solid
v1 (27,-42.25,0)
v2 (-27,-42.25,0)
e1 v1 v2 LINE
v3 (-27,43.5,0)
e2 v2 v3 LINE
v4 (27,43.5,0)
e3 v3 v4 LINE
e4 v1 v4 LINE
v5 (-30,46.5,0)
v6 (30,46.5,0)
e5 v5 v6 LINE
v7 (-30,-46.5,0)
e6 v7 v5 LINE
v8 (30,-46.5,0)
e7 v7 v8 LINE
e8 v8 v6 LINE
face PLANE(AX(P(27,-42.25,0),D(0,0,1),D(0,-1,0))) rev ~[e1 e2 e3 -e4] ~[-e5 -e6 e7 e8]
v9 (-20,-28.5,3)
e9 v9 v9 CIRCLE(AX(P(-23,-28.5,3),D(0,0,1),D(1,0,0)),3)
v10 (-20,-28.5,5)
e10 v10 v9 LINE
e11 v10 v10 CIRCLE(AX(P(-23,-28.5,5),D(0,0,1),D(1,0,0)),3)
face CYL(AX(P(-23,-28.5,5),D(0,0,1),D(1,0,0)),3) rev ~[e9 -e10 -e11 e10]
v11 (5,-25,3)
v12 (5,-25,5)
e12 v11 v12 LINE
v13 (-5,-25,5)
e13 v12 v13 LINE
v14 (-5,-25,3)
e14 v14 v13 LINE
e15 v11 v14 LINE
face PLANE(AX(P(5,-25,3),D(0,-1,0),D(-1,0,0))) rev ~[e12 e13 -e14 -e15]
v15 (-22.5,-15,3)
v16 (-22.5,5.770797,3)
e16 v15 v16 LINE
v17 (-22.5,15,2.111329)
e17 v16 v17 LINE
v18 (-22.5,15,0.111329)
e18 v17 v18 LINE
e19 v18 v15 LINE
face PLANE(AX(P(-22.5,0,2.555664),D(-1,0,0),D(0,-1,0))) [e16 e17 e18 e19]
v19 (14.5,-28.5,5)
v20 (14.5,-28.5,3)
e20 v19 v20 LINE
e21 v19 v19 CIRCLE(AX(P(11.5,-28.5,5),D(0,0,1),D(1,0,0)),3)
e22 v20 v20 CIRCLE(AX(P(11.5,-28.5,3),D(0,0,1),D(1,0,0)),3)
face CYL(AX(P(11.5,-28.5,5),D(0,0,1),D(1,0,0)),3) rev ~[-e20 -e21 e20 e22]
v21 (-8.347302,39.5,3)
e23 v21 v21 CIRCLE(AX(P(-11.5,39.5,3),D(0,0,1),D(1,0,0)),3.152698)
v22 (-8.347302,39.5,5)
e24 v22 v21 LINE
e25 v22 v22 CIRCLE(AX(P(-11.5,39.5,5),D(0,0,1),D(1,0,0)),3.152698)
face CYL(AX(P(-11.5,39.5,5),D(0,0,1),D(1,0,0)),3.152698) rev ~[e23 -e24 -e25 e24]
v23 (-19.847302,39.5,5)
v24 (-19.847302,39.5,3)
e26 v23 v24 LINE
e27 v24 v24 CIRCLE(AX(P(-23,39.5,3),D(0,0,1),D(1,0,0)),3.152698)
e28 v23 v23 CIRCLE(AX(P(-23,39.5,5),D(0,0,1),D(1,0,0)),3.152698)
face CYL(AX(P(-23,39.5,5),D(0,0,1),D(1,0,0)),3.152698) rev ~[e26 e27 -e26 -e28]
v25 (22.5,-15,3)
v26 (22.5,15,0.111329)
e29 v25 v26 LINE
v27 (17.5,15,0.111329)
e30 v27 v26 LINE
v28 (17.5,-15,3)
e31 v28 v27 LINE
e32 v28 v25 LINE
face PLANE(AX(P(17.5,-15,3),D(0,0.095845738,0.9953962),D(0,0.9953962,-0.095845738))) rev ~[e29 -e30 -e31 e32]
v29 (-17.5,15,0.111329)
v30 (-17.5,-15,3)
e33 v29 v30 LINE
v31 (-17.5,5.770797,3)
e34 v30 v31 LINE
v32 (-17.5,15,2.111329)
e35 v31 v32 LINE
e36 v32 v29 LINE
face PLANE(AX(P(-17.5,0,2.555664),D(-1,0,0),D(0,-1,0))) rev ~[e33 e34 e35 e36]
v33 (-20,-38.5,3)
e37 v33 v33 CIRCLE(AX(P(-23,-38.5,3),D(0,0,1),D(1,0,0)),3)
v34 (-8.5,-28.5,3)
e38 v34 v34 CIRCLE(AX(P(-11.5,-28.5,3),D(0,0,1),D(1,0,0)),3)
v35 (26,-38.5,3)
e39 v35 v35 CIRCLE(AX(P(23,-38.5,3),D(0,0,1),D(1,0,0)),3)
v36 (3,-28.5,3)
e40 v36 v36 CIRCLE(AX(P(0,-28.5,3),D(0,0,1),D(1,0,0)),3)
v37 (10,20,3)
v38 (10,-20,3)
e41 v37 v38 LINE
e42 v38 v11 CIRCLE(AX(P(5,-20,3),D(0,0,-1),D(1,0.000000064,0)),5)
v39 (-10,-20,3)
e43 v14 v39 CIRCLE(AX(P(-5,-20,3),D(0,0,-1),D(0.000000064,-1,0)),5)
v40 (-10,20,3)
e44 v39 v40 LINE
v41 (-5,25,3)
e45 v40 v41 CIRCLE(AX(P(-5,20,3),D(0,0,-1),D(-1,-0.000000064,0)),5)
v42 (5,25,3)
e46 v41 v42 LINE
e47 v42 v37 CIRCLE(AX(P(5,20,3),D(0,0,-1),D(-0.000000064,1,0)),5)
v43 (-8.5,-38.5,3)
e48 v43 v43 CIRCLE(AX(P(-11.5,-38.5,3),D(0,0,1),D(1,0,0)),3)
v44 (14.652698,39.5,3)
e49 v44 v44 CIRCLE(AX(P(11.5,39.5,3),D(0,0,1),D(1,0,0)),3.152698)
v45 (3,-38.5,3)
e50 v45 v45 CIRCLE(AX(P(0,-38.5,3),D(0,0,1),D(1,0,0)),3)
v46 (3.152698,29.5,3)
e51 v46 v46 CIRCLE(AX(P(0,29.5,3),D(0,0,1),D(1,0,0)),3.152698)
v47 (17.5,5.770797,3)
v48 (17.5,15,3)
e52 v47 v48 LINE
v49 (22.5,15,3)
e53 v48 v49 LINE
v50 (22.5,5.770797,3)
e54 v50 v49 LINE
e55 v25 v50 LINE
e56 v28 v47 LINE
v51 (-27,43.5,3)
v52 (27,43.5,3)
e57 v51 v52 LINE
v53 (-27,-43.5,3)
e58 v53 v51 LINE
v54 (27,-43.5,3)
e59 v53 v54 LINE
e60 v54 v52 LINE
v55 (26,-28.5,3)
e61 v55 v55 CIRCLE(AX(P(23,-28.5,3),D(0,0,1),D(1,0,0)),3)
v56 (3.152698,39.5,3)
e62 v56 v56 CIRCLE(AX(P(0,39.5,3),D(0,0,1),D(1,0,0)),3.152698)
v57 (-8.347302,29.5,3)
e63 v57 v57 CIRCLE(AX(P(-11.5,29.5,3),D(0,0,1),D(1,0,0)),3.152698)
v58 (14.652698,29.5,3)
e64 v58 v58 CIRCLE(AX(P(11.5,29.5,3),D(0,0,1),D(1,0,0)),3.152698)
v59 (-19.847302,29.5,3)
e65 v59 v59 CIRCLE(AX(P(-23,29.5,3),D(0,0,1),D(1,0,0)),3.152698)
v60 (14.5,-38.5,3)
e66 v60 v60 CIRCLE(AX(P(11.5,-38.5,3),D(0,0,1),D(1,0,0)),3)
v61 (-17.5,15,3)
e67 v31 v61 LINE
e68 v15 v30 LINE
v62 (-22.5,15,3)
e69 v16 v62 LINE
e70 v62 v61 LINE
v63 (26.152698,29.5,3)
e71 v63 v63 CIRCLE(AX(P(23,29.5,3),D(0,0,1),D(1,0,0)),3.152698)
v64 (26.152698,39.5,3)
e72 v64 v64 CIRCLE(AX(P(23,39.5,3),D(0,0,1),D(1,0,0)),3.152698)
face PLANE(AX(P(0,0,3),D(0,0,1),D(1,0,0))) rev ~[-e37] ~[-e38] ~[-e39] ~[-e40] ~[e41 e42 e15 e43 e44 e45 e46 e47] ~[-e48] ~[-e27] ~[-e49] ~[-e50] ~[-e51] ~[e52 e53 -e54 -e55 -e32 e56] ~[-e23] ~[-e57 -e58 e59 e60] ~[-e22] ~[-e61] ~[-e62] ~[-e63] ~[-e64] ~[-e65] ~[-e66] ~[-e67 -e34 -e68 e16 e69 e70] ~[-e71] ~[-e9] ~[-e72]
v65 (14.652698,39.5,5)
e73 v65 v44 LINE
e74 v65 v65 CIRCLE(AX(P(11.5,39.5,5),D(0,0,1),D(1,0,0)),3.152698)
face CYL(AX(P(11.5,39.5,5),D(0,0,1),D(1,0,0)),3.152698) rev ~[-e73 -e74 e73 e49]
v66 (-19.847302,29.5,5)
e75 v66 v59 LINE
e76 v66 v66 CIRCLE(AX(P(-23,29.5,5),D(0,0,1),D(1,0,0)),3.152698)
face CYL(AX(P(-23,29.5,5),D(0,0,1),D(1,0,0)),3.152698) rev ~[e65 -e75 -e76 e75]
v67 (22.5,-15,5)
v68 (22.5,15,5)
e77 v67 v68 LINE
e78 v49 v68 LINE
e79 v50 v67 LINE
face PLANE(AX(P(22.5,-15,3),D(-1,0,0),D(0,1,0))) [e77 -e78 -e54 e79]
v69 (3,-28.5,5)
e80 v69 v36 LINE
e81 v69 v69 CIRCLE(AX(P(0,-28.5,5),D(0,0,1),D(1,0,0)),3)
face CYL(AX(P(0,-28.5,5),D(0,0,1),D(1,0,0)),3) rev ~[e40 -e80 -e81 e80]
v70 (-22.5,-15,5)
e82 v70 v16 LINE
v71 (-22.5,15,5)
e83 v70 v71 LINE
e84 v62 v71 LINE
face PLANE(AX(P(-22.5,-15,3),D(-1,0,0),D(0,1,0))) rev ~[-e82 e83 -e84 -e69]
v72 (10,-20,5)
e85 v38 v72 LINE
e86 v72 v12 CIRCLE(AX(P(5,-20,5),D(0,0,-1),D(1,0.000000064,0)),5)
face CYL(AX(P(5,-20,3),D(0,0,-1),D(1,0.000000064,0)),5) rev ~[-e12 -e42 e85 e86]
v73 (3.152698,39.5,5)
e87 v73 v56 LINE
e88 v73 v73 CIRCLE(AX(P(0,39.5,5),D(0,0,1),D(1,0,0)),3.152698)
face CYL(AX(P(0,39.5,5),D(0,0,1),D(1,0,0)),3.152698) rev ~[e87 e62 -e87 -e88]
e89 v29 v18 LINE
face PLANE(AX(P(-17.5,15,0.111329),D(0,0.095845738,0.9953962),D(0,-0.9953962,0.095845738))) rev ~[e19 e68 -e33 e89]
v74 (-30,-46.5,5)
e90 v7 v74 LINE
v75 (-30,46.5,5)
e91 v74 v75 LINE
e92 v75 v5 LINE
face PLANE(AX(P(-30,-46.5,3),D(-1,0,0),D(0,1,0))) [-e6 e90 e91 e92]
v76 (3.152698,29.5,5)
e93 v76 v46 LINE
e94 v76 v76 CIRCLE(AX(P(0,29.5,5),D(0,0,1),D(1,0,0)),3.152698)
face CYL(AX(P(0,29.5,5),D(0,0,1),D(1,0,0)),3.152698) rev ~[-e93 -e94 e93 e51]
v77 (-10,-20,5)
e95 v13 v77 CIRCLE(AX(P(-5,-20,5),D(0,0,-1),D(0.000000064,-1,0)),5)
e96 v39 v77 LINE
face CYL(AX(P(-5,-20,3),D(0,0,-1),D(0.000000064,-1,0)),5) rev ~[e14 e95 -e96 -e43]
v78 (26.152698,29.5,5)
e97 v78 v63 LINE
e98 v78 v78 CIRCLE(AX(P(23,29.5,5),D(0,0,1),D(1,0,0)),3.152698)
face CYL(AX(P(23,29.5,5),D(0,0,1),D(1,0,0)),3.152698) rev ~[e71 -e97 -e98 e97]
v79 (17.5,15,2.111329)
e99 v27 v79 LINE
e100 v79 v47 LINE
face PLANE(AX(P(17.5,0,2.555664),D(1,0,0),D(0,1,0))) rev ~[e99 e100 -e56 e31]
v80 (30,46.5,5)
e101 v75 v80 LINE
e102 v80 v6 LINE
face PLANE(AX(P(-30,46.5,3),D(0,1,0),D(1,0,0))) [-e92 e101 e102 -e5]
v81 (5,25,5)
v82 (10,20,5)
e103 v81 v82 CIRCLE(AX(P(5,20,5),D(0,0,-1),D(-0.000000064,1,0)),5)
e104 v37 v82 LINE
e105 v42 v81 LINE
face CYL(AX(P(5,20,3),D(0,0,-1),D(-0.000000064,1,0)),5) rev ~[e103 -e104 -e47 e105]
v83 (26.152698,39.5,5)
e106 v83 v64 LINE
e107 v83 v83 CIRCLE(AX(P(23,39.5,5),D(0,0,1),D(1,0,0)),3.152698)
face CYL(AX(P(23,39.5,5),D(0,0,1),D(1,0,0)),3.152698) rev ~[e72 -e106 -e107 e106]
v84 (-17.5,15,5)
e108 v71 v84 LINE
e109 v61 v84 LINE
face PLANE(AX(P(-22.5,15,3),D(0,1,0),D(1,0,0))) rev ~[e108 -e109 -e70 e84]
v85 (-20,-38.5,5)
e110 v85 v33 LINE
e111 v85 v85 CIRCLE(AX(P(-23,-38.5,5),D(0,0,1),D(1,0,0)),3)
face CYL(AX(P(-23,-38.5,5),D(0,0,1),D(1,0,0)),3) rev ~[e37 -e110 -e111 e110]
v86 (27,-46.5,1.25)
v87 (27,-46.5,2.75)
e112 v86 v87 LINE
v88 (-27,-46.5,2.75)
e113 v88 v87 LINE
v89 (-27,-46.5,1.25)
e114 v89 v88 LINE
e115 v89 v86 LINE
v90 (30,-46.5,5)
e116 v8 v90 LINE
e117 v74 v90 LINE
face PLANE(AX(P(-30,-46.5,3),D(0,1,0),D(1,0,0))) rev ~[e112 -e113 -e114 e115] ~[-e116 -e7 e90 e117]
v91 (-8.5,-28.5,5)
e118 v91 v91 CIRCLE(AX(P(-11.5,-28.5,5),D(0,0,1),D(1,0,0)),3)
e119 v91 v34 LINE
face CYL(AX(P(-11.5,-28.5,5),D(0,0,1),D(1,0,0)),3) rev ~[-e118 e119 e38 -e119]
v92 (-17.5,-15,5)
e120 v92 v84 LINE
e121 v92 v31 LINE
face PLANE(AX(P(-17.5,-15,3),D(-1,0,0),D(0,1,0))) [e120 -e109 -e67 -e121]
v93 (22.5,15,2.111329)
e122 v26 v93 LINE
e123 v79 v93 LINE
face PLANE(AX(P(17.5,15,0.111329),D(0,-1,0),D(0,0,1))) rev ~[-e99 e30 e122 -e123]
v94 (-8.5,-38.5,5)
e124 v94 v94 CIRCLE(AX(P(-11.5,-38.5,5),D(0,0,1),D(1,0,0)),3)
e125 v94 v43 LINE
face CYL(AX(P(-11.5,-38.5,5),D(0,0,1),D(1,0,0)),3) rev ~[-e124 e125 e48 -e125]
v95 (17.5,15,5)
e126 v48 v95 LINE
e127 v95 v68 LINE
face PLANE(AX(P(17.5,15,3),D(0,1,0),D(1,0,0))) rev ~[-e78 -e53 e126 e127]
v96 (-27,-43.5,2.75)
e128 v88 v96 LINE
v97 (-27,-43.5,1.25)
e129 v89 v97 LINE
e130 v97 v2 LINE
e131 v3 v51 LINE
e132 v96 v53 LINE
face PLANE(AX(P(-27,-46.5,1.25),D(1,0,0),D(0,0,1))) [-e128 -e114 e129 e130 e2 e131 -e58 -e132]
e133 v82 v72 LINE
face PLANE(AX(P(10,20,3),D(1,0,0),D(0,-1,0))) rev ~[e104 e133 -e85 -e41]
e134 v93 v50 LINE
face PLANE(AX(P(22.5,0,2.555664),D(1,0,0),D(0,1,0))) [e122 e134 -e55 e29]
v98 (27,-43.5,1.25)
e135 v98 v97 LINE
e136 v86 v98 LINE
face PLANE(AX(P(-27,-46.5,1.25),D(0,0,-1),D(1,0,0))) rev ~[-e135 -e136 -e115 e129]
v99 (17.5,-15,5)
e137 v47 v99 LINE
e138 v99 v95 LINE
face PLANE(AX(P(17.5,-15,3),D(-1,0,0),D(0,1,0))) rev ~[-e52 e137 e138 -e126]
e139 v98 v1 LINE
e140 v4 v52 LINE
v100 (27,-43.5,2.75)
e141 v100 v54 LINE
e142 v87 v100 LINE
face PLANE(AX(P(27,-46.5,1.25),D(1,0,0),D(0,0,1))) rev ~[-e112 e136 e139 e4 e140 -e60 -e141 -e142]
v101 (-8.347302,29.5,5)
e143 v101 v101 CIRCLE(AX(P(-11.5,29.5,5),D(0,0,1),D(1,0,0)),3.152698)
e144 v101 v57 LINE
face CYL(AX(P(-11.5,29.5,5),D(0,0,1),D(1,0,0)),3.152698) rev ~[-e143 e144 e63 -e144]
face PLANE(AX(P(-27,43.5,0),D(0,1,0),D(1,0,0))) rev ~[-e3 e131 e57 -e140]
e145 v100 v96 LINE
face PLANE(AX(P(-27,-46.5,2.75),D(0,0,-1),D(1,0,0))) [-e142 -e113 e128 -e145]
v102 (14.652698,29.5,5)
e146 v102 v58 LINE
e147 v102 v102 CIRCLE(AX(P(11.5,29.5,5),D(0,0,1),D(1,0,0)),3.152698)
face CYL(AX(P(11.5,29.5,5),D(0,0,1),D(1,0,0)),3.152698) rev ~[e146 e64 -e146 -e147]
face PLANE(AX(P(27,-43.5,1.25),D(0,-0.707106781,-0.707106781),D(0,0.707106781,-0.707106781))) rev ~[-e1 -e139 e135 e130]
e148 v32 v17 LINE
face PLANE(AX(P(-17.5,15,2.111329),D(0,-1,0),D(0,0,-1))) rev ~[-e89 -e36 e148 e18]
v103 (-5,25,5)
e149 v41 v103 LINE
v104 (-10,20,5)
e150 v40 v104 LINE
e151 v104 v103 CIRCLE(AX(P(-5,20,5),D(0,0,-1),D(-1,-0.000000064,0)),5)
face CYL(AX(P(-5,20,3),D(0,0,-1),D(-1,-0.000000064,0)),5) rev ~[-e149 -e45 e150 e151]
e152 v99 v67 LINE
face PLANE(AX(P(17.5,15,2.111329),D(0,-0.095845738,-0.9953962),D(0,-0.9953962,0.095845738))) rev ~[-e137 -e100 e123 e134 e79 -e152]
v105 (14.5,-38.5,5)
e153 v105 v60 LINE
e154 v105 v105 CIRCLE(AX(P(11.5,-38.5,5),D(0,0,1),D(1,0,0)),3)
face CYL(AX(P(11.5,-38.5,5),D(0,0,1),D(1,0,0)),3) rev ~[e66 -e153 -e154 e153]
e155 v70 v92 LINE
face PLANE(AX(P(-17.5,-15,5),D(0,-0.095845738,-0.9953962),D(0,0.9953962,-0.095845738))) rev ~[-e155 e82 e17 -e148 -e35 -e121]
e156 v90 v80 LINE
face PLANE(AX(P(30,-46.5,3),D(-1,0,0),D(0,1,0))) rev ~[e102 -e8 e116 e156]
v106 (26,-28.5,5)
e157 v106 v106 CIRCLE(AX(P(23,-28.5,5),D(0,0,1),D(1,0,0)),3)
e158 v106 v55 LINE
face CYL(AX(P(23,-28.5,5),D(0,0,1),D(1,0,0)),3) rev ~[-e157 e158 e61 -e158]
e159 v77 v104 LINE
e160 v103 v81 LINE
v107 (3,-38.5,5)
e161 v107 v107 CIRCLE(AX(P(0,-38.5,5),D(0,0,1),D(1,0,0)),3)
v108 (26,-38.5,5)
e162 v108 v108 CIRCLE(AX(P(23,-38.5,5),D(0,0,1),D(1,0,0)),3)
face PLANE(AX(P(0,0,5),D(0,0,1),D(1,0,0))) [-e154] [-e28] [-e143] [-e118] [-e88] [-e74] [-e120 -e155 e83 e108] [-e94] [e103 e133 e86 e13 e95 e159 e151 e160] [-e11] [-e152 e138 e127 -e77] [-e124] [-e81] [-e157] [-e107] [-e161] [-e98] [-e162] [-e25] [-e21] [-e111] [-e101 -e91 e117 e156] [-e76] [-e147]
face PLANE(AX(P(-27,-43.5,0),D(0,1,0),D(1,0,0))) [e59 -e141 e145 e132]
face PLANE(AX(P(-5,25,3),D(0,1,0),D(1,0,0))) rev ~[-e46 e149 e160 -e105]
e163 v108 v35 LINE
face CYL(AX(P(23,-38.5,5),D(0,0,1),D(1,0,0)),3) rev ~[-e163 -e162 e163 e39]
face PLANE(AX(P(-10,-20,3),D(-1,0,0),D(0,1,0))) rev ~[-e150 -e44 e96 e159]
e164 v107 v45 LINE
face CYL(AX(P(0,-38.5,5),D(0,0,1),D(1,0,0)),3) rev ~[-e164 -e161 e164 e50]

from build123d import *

# Parameters (mm, degrees)
F0_W      = 60
F0_H      = 93
F0_W_2    = 54
F0_H_2    = 87
F1_DEPTH  = 3
F2_W      = 60
F2_H      = 93
F2_W_2    = 5
F2_H_2    = 30
F3_DEPTH  = 2
F5_DEPTH  = 5
F7_DEPTH  = 5
F8_W      = 54
F8_H      = 1.5
F9_DEPTH  = 5
F11_DEPTH = 54
F12_R     = 3.152698
F12_R_2   = 3
F13_DEPTH = 25


with BuildPart() as f1:
    # F0 (on Top) → F1 (new body)
    with BuildSketch(Plane.XY):
        Rectangle(F0_W, F0_H)
        Rectangle(F0_W_2, F0_H_2, mode=Mode.SUBTRACT)
    extrude(amount=F1_DEPTH)

    # F2 (on face) → F3 (join)
    with BuildSketch(Plane.XY.offset(3)):
        Rectangle(F2_W, F2_H)
        with Locations((-20, 0)):
            Rectangle(F2_W_2, F2_H_2, mode=Mode.SUBTRACT)
        with BuildLine():
            Line((-5, 25), (5, 25))
            ThreePointArc((5, 25), (8.535534, 23.535534), (10, 20))
            Line((10, 20), (10, -20))
            ThreePointArc((10, -20), (8.535534, -23.535534), (5, -25))
            Line((5, -25), (-5, -25))
            ThreePointArc((-5, -25), (-8.535534, -23.535534), (-10, -20))
            Line((-10, -20), (-10, 20))
            ThreePointArc((-10, 20), (-8.535534, 23.535534), (-5, 25))
        make_face(mode=Mode.SUBTRACT)
        with Locations((20, 0)):
            Rectangle(F2_W_2, F2_H_2, mode=Mode.SUBTRACT)
    extrude(amount=F3_DEPTH)

    # F4 (on face) → F5 (join)
    with BuildSketch(Plane(origin=(-17.5, 0, 0), x_dir=(0, -1, 0), z_dir=(-1, 0, 0))):
        Polygon((15, 3), (15, 5), (-15, 2.111329), (-15, 0.111329), align=None)
    extrude(amount=F5_DEPTH)

    # F6 (on face) → F7 (join)
    with BuildSketch(Plane.YZ.offset(17.5)):
        Polygon((15, 2.111329), (-15, 5), (-15, 3), (15, 0.111329), align=None)
    extrude(amount=F7_DEPTH)

    # F8 (on face) → F9 (cut)
    with BuildSketch(Plane.XZ.offset(46.5)):
        with Locations((0, 2)):
            Rectangle(F8_W, F8_H)
    extrude(amount=-F9_DEPTH, mode=Mode.SUBTRACT)

    # F10 (on face) → F11 (join, through all)
    with BuildSketch(Plane(origin=(27, 0, 0), x_dir=(0, -1, 0), z_dir=(-1, 0, 0))):
        Polygon((43.5, 0), (43.5, 1.25), (42.25, 0), align=None)
    extrude(amount=F11_DEPTH)

    # F12 (on face) → F13 (cut)
    with BuildSketch(Plane.XY.offset(5)):
        with Locations((-23, 39.5)):
            Circle(F12_R)
        with Locations((-23, 29.5)):
            Circle(F12_R)
        with Locations((-11.5, 39.5)):
            Circle(F12_R)
        with Locations((-11.5, 29.5)):
            Circle(F12_R)
        with Locations((0, 39.5)):
            Circle(F12_R)
        with Locations((0, 29.5)):
            Circle(F12_R)
        with Locations((11.5, 39.5)):
            Circle(F12_R)
        with Locations((11.5, 29.5)):
            Circle(F12_R)
        with Locations((23, 39.5)):
            Circle(F12_R)
        with Locations((23, 29.5)):
            Circle(F12_R)
        with Locations((-23, -38.5)):
            Circle(F12_R_2)
        with Locations((-23, -28.5)):
            Circle(F12_R_2)
        with Locations((-11.5, -38.5)):
            Circle(F12_R_2)
        with Locations((-11.5, -28.5)):
            Circle(F12_R_2)
        with Locations((0, -38.5)):
            Circle(F12_R_2)
        with Locations((0, -28.5)):
            Circle(F12_R_2)
        with Locations((11.5, -38.5)):
            Circle(F12_R_2)
        with Locations((11.5, -28.5)):
            Circle(F12_R_2)
        with Locations((23, -38.5)):
            Circle(F12_R_2)
        with Locations((23, -28.5)):
            Circle(F12_R_2)
    extrude(amount=-F13_DEPTH, mode=Mode.SUBTRACT)


solid = f1.part
